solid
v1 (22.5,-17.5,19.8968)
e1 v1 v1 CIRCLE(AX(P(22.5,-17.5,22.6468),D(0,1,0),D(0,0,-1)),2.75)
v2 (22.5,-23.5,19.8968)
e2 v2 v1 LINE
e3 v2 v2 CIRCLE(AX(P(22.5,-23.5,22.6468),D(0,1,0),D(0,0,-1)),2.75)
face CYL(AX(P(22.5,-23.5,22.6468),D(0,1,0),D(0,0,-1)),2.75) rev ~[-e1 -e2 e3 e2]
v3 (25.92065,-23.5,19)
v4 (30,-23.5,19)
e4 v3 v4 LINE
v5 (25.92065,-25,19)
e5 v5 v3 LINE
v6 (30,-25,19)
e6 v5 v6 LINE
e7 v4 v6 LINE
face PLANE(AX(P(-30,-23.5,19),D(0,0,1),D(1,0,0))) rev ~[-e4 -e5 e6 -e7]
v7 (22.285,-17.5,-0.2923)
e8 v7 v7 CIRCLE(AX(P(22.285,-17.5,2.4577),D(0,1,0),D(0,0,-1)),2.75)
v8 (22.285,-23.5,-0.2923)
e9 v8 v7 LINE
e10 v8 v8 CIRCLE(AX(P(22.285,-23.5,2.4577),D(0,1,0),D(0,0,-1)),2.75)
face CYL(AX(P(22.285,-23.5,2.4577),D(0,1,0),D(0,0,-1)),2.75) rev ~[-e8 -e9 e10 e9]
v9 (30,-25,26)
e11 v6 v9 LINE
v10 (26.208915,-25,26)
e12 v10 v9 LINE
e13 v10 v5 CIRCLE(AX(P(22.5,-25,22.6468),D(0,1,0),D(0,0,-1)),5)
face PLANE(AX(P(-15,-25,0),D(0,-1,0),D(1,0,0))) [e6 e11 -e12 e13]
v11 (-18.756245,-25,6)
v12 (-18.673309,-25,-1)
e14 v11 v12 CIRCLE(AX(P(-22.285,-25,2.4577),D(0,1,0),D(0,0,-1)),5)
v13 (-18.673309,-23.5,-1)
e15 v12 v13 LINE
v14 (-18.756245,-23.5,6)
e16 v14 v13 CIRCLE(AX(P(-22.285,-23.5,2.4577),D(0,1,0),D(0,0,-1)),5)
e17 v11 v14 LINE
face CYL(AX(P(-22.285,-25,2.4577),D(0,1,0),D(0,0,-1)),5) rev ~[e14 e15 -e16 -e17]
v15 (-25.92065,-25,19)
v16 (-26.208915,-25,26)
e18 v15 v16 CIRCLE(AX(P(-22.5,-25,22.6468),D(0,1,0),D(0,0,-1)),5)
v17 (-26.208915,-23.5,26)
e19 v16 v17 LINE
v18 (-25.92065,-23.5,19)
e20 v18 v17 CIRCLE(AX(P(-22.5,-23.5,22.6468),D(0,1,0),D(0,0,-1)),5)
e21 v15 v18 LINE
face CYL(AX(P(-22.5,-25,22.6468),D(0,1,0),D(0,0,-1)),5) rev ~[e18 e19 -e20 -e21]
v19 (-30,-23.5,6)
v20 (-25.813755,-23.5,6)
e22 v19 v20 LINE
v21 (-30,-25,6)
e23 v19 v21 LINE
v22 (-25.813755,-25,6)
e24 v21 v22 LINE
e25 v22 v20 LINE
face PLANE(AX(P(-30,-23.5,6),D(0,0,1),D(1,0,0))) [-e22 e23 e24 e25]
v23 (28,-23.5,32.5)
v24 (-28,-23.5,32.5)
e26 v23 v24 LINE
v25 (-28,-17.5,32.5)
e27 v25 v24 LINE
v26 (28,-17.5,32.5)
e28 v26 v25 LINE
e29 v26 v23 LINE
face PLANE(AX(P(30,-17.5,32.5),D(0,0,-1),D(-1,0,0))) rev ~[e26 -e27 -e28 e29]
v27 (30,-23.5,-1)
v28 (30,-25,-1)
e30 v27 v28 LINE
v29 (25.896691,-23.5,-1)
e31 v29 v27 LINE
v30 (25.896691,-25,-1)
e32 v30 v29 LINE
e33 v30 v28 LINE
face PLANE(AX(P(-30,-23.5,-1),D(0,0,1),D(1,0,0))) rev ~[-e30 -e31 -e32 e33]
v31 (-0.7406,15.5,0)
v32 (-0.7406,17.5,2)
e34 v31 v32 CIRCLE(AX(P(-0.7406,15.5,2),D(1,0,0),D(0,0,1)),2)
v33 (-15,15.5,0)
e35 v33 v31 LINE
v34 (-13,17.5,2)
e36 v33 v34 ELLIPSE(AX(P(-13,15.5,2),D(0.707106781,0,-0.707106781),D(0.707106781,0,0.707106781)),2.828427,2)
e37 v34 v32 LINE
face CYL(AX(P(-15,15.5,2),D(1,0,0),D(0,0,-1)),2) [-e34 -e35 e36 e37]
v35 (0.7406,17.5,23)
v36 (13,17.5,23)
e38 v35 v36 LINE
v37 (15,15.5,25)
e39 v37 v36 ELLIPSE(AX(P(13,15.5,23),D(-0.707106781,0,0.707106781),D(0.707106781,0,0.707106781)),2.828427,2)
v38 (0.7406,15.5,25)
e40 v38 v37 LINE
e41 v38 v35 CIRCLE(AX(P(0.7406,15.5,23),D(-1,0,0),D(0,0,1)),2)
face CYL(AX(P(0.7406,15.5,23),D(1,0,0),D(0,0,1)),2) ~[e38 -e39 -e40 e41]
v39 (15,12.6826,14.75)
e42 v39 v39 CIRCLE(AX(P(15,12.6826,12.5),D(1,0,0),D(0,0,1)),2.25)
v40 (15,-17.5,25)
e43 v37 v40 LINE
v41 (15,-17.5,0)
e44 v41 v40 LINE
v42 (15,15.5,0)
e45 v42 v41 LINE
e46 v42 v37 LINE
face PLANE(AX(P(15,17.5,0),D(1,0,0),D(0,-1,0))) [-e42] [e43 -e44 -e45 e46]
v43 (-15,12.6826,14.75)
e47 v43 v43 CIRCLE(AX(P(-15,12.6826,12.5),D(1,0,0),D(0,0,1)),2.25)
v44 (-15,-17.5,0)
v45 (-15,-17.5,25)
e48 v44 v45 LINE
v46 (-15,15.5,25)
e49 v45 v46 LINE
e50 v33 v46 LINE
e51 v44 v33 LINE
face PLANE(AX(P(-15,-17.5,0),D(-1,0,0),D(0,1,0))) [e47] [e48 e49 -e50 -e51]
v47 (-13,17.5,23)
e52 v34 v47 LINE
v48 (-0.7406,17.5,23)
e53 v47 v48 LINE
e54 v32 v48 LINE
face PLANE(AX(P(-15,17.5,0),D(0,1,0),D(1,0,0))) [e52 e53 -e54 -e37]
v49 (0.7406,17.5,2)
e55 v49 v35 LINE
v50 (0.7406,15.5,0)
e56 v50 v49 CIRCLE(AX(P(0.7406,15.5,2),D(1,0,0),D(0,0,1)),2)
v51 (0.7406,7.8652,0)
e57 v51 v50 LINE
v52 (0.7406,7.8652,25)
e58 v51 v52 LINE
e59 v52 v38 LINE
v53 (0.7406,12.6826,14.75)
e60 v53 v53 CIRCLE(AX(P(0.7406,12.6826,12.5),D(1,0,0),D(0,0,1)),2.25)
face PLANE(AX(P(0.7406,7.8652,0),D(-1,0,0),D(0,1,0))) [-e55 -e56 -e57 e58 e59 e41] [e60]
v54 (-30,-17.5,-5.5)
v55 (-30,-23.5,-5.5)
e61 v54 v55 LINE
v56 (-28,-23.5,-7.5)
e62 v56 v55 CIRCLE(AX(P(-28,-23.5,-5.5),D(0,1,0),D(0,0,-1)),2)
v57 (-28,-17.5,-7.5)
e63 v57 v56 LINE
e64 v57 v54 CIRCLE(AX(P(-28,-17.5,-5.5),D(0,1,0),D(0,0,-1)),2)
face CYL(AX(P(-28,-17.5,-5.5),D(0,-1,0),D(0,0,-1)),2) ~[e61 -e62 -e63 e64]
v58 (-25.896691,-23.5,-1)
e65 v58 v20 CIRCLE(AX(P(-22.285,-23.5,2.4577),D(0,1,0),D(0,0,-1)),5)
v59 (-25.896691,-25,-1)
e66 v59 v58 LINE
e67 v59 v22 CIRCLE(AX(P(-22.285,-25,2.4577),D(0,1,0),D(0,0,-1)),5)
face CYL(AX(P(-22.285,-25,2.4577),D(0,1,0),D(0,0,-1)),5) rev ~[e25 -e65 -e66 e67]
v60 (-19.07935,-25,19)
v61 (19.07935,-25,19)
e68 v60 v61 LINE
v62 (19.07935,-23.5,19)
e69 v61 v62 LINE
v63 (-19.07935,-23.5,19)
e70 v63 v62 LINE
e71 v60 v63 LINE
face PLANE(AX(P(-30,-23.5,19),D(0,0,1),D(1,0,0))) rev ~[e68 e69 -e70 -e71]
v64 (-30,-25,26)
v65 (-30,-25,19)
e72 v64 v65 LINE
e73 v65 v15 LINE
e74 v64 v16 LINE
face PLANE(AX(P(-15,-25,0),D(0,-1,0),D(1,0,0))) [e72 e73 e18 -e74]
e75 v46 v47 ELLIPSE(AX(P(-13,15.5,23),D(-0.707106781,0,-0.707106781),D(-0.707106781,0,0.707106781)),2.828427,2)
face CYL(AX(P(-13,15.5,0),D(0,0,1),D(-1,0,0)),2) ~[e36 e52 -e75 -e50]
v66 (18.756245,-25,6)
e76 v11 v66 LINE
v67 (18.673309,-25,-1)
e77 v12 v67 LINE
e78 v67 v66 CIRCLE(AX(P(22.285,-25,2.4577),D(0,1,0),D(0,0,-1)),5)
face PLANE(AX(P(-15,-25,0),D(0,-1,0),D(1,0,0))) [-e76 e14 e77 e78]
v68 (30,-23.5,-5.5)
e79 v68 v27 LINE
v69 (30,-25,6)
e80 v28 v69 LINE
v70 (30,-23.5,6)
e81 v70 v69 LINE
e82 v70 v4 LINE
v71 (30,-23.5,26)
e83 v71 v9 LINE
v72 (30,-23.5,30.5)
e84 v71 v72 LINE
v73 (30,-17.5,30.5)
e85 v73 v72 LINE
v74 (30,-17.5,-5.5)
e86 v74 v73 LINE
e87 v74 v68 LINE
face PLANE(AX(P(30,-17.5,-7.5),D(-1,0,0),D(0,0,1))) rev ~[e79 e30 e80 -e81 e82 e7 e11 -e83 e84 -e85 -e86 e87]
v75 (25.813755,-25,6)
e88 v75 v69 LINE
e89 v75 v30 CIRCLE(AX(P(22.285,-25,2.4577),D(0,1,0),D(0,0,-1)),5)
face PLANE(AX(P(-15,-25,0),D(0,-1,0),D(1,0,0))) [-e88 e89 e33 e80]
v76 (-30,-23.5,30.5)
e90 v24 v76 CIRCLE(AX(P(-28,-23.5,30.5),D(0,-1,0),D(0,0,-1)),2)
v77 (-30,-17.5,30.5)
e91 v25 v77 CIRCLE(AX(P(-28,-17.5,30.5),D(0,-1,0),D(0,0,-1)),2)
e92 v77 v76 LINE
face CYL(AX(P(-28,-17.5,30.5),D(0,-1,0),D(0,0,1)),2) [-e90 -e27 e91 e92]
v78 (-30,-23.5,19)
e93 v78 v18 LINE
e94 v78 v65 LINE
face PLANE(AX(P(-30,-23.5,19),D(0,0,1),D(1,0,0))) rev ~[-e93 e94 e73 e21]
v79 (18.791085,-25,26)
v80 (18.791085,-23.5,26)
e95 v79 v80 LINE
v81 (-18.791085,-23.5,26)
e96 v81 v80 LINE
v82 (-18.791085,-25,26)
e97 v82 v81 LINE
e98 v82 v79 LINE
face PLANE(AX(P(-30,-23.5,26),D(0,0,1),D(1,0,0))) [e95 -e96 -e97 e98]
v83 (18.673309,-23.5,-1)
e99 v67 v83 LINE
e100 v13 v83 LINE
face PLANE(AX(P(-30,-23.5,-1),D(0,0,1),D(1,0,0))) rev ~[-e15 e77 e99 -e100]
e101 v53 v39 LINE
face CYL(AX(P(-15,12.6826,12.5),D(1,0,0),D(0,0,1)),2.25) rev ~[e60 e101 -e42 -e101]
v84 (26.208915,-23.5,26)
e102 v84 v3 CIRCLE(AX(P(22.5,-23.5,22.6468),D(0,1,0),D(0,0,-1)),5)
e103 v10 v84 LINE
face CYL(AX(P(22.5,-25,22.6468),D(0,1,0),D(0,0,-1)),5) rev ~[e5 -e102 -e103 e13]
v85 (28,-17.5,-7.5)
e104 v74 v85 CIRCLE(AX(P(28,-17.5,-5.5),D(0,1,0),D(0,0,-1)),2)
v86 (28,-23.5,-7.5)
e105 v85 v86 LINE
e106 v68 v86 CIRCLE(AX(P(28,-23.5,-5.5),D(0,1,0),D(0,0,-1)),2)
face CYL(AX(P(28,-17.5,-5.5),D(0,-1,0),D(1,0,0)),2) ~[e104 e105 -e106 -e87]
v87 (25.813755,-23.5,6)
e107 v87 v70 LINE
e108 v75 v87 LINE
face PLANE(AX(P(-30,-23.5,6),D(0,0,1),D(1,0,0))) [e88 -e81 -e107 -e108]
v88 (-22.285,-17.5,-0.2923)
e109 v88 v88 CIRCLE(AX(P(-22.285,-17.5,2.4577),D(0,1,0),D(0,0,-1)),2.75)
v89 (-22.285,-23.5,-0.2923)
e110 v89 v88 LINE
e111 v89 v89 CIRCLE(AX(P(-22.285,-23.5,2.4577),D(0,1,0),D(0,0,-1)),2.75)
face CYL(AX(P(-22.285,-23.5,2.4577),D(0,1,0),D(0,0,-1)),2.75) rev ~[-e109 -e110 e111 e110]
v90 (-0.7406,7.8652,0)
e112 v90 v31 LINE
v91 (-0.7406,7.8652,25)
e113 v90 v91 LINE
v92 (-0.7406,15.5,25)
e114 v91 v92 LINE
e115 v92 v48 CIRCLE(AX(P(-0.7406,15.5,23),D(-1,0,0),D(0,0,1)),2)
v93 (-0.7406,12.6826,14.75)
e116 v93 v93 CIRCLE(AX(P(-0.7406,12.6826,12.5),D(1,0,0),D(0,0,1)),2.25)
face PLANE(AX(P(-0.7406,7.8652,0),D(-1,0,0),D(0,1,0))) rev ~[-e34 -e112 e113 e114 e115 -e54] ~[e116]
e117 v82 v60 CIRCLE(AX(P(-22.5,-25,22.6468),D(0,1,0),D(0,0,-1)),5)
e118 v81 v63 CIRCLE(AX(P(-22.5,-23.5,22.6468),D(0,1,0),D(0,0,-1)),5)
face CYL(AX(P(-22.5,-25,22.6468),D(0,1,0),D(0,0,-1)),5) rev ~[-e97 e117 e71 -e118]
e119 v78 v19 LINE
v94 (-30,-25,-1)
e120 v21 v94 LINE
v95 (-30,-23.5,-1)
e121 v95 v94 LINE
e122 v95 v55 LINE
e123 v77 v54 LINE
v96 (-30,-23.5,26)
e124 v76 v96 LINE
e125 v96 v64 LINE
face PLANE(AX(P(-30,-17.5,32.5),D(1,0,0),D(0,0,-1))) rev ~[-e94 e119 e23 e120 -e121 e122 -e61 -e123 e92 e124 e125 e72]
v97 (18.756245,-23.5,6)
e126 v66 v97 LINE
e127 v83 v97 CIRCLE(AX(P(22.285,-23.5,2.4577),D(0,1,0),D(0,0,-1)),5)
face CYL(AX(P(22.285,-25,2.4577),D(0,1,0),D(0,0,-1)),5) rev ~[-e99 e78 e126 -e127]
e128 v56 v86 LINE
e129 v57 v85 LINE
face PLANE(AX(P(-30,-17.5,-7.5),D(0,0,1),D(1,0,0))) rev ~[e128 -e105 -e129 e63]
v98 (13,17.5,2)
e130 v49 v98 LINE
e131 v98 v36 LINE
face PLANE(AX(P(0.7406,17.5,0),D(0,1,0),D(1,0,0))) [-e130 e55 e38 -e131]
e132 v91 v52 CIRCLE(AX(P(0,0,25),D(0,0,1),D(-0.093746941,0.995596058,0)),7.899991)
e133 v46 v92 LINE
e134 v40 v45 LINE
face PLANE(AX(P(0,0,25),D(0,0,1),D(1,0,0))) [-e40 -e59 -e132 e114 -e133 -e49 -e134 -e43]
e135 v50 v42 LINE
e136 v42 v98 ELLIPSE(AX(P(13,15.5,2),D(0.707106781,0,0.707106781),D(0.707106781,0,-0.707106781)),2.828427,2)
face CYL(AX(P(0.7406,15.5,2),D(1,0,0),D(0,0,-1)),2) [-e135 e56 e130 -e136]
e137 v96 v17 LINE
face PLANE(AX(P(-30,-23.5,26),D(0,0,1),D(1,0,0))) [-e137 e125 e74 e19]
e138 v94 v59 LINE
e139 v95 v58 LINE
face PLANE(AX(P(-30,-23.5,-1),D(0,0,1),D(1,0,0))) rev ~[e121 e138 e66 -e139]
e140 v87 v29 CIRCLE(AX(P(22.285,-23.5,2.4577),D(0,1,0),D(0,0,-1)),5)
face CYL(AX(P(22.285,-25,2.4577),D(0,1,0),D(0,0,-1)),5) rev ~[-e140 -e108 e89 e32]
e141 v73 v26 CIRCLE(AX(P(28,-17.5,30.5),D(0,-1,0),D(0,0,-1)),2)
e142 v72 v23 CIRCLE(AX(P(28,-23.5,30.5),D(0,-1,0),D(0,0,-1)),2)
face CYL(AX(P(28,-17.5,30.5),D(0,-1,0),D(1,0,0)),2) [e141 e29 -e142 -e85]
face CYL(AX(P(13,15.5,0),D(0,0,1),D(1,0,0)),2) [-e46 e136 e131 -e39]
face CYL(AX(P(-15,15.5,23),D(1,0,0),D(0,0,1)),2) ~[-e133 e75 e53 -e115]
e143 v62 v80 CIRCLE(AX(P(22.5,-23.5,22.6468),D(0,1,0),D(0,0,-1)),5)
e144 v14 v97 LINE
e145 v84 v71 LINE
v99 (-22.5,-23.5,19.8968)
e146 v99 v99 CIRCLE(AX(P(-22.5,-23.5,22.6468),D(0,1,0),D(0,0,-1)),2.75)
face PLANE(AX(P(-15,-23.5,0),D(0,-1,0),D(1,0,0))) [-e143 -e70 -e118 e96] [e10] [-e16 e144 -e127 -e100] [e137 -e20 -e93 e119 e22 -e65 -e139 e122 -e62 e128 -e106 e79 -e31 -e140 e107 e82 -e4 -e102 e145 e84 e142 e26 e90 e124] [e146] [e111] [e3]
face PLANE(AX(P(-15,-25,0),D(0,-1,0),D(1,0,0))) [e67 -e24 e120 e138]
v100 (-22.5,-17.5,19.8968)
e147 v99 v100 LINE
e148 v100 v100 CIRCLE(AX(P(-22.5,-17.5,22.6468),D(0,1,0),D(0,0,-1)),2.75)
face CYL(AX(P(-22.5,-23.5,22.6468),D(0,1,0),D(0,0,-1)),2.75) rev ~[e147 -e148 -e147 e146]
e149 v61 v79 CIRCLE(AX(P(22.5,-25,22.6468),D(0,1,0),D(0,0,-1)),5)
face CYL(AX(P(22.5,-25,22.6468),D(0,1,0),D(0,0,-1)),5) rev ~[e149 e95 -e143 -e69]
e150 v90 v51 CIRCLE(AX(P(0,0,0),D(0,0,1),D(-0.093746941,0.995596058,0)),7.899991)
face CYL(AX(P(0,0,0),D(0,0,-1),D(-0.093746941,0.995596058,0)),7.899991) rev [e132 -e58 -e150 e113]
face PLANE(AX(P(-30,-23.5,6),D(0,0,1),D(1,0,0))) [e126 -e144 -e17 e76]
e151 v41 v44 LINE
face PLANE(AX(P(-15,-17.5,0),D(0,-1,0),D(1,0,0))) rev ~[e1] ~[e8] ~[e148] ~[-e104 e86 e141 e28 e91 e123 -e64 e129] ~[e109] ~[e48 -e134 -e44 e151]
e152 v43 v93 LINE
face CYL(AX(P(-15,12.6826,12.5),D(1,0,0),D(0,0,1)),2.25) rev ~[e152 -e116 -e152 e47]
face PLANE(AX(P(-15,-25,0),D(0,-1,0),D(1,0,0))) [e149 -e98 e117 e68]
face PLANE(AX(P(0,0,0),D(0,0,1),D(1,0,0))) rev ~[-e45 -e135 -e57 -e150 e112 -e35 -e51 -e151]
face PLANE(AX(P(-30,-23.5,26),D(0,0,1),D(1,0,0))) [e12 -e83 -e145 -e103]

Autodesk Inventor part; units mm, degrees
ref_plane "YZ Plane" through (0, 0, 0) normal (1, 0, 0) x (0, 1, 0)
ref_plane "XZ Plane" through (0, 0, 0) normal (0, 1, 0) x (-1, 0, 0)
ref_plane "XY Plane" through (0, 0, 0) normal (0, 0, 1) x (1, 0, 0)
sketch "Sketch1" plane through (0, 0, 0) normal (0, 0, 1) x (1, 0, 0)
  arc A0 (-0.7406, 7.8652) -> (0.7406, 7.8652) centre (0, 0) ccw
  line L0 (15, 17.5) -> (15, -17.5)
  line L1 (15, -17.5) -> (-15, -17.5)
  line L2 (-15, -17.5) -> (-15, 17.5)
  line L3 (-15, 17.5) -> (15, -17.5) construction
  line L4 (15, 17.5) -> (-15, -17.5) construction
  line L5 (-0.7406, 7.8652) -> (-0.7406, 17.5)
  line L6 (0.7406, 7.8652) -> (0.7406, 17.5)
  line L7 (-15, 17.5) -> (-0.7406, 17.5)
  line L8 (0.7406, 17.5) -> (15, 17.5)
  dimension "d0" = 15.8
  dimension "d1" = 30
  dimension "d2" = 35
  dimension "d26" = 35
extrude "Extrusion1" add sketch "Sketch1" along normal blind 25
sketch "Sketch2" plane through (-15, -17.5, 0) normal (0, -1, 0) x (1, 0, 0)
  line L0 (15, 0) -> (15, 25)
  line L1 (7.1, 25) -> (22.9, 25) projected
  line L2 (45, 32.5) -> (-15, 32.5)
  line L3 (-15, 32.5) -> (-15, -7.5)
  line L4 (-15, -7.5) -> (45, -7.5)
  line L5 (45, -7.5) -> (45, 32.5)
  line L6 (45, 32.5) -> (-15, -7.5) construction
  line L7 (-15, 32.5) -> (45, -7.5) construction
  point P0 (15.7406, 25)
  point P1 (14.2594, 25)
  point P2 (15, 12.5)
  dimension "d7" = 60
  dimension "d8" = 40
extrude "Extrusion2" add sketch "Sketch2" along normal blind 6
sketch "Sketch4" plane through (-15, -23.5, 0) normal (0, -1, 0) x (1, 0, 0)
  line L0 (-15, 32.5) -> (-15, -7.5) projected
  line L1 (45, -7.5) -> (45, 32.5) projected
  line L2 (-15, -1) -> (45, -1)
  line L3 (-15, 6) -> (45, 6)
  line L4 (-15, 19) -> (45, 19)
  line L5 (-15, 26) -> (45, 26)
  line L6 (-15, -1) -> (-15, 6)
  line L7 (-15, 19) -> (-15, 26)
  line L8 (45, 26) -> (45, 19)
  line L9 (45, 6) -> (45, -1)
  point P0 (15, 0)
extrude "Extrusion3" add sketch "Sketch4" along normal blind 1.5 contours L5 L1 L4 L0 | L3 L1 L2 L0
sketch "Sketch5" plane through (-15, -25, 0) normal (0, -1, 0) x (1, 0, 0)
  line L0 (-14.5701, -1.0846) -> (0, 6)
  line L1 (45, 6) -> (-15, 6) projected
  line L2 (0, 0) -> (0, 25) projected
  line L3 (-15, 19) -> (45, 19) projected
  line L4 (-15, 19) -> (0, 26.2937)
  line L5 (15, 0) -> (15, 25)
  line L6 (7.1, 25) -> (22.9, 25) projected
  line L7 (44.5701, -1.0846) -> (30, 6)
  line L8 (45, 19) -> (30, 26.2937)
  point P0 (-7.285, 2.4577)
  point P1 (-7.5, 22.6468)
  point P2 (15.7406, 25)
  point P3 (14.2594, 25)
  point P4 (37.285, 2.4577)
  point P5 (37.5, 22.6468)
hole "Hole1" at (-22.285, -25, 2.4577) at (-22.5, -25, 22.6468) at (22.285, -25, 2.4577) at (22.5, -25, 22.6468) direction (0, 1, 0) diameter 5.5 end through all counterbore diameter 10 counterbore depth 1.5
sketch "Sketch6" plane through (-15, 17.5, 0) normal (-1, 0, 0) x (0, 0, 1)
  line L0 (25, 0) -> (25, -35) projected
  line L1 (0, -9.6348) -> (25, -9.6348) projected
  line L2 (25, 0) -> (0, -9.6348)
  point P0 (0, -17.5)
  point P1 (12.5, -4.8174)
hole "Hole2" at (-15, 12.6826, 12.5) direction (1, 0, 0) diameter 4.5 end through all
fillet "Fillet1" radius 2 10 edges at (30, -20.5, -7.5) (-30, -20.5, -7.5) (-15, 17.5, 12.5) (-7.8703, 17.5, 0) (7.8703, 17.5, 0) (7.8703, 17.5, 25) (-7.8703, 17.5, 25) (15, 17.5, 12.5) (30, -20.5, 32.5) (-30, -20.5, 32.5)
properties part number "CarroZ - FusoZ"
